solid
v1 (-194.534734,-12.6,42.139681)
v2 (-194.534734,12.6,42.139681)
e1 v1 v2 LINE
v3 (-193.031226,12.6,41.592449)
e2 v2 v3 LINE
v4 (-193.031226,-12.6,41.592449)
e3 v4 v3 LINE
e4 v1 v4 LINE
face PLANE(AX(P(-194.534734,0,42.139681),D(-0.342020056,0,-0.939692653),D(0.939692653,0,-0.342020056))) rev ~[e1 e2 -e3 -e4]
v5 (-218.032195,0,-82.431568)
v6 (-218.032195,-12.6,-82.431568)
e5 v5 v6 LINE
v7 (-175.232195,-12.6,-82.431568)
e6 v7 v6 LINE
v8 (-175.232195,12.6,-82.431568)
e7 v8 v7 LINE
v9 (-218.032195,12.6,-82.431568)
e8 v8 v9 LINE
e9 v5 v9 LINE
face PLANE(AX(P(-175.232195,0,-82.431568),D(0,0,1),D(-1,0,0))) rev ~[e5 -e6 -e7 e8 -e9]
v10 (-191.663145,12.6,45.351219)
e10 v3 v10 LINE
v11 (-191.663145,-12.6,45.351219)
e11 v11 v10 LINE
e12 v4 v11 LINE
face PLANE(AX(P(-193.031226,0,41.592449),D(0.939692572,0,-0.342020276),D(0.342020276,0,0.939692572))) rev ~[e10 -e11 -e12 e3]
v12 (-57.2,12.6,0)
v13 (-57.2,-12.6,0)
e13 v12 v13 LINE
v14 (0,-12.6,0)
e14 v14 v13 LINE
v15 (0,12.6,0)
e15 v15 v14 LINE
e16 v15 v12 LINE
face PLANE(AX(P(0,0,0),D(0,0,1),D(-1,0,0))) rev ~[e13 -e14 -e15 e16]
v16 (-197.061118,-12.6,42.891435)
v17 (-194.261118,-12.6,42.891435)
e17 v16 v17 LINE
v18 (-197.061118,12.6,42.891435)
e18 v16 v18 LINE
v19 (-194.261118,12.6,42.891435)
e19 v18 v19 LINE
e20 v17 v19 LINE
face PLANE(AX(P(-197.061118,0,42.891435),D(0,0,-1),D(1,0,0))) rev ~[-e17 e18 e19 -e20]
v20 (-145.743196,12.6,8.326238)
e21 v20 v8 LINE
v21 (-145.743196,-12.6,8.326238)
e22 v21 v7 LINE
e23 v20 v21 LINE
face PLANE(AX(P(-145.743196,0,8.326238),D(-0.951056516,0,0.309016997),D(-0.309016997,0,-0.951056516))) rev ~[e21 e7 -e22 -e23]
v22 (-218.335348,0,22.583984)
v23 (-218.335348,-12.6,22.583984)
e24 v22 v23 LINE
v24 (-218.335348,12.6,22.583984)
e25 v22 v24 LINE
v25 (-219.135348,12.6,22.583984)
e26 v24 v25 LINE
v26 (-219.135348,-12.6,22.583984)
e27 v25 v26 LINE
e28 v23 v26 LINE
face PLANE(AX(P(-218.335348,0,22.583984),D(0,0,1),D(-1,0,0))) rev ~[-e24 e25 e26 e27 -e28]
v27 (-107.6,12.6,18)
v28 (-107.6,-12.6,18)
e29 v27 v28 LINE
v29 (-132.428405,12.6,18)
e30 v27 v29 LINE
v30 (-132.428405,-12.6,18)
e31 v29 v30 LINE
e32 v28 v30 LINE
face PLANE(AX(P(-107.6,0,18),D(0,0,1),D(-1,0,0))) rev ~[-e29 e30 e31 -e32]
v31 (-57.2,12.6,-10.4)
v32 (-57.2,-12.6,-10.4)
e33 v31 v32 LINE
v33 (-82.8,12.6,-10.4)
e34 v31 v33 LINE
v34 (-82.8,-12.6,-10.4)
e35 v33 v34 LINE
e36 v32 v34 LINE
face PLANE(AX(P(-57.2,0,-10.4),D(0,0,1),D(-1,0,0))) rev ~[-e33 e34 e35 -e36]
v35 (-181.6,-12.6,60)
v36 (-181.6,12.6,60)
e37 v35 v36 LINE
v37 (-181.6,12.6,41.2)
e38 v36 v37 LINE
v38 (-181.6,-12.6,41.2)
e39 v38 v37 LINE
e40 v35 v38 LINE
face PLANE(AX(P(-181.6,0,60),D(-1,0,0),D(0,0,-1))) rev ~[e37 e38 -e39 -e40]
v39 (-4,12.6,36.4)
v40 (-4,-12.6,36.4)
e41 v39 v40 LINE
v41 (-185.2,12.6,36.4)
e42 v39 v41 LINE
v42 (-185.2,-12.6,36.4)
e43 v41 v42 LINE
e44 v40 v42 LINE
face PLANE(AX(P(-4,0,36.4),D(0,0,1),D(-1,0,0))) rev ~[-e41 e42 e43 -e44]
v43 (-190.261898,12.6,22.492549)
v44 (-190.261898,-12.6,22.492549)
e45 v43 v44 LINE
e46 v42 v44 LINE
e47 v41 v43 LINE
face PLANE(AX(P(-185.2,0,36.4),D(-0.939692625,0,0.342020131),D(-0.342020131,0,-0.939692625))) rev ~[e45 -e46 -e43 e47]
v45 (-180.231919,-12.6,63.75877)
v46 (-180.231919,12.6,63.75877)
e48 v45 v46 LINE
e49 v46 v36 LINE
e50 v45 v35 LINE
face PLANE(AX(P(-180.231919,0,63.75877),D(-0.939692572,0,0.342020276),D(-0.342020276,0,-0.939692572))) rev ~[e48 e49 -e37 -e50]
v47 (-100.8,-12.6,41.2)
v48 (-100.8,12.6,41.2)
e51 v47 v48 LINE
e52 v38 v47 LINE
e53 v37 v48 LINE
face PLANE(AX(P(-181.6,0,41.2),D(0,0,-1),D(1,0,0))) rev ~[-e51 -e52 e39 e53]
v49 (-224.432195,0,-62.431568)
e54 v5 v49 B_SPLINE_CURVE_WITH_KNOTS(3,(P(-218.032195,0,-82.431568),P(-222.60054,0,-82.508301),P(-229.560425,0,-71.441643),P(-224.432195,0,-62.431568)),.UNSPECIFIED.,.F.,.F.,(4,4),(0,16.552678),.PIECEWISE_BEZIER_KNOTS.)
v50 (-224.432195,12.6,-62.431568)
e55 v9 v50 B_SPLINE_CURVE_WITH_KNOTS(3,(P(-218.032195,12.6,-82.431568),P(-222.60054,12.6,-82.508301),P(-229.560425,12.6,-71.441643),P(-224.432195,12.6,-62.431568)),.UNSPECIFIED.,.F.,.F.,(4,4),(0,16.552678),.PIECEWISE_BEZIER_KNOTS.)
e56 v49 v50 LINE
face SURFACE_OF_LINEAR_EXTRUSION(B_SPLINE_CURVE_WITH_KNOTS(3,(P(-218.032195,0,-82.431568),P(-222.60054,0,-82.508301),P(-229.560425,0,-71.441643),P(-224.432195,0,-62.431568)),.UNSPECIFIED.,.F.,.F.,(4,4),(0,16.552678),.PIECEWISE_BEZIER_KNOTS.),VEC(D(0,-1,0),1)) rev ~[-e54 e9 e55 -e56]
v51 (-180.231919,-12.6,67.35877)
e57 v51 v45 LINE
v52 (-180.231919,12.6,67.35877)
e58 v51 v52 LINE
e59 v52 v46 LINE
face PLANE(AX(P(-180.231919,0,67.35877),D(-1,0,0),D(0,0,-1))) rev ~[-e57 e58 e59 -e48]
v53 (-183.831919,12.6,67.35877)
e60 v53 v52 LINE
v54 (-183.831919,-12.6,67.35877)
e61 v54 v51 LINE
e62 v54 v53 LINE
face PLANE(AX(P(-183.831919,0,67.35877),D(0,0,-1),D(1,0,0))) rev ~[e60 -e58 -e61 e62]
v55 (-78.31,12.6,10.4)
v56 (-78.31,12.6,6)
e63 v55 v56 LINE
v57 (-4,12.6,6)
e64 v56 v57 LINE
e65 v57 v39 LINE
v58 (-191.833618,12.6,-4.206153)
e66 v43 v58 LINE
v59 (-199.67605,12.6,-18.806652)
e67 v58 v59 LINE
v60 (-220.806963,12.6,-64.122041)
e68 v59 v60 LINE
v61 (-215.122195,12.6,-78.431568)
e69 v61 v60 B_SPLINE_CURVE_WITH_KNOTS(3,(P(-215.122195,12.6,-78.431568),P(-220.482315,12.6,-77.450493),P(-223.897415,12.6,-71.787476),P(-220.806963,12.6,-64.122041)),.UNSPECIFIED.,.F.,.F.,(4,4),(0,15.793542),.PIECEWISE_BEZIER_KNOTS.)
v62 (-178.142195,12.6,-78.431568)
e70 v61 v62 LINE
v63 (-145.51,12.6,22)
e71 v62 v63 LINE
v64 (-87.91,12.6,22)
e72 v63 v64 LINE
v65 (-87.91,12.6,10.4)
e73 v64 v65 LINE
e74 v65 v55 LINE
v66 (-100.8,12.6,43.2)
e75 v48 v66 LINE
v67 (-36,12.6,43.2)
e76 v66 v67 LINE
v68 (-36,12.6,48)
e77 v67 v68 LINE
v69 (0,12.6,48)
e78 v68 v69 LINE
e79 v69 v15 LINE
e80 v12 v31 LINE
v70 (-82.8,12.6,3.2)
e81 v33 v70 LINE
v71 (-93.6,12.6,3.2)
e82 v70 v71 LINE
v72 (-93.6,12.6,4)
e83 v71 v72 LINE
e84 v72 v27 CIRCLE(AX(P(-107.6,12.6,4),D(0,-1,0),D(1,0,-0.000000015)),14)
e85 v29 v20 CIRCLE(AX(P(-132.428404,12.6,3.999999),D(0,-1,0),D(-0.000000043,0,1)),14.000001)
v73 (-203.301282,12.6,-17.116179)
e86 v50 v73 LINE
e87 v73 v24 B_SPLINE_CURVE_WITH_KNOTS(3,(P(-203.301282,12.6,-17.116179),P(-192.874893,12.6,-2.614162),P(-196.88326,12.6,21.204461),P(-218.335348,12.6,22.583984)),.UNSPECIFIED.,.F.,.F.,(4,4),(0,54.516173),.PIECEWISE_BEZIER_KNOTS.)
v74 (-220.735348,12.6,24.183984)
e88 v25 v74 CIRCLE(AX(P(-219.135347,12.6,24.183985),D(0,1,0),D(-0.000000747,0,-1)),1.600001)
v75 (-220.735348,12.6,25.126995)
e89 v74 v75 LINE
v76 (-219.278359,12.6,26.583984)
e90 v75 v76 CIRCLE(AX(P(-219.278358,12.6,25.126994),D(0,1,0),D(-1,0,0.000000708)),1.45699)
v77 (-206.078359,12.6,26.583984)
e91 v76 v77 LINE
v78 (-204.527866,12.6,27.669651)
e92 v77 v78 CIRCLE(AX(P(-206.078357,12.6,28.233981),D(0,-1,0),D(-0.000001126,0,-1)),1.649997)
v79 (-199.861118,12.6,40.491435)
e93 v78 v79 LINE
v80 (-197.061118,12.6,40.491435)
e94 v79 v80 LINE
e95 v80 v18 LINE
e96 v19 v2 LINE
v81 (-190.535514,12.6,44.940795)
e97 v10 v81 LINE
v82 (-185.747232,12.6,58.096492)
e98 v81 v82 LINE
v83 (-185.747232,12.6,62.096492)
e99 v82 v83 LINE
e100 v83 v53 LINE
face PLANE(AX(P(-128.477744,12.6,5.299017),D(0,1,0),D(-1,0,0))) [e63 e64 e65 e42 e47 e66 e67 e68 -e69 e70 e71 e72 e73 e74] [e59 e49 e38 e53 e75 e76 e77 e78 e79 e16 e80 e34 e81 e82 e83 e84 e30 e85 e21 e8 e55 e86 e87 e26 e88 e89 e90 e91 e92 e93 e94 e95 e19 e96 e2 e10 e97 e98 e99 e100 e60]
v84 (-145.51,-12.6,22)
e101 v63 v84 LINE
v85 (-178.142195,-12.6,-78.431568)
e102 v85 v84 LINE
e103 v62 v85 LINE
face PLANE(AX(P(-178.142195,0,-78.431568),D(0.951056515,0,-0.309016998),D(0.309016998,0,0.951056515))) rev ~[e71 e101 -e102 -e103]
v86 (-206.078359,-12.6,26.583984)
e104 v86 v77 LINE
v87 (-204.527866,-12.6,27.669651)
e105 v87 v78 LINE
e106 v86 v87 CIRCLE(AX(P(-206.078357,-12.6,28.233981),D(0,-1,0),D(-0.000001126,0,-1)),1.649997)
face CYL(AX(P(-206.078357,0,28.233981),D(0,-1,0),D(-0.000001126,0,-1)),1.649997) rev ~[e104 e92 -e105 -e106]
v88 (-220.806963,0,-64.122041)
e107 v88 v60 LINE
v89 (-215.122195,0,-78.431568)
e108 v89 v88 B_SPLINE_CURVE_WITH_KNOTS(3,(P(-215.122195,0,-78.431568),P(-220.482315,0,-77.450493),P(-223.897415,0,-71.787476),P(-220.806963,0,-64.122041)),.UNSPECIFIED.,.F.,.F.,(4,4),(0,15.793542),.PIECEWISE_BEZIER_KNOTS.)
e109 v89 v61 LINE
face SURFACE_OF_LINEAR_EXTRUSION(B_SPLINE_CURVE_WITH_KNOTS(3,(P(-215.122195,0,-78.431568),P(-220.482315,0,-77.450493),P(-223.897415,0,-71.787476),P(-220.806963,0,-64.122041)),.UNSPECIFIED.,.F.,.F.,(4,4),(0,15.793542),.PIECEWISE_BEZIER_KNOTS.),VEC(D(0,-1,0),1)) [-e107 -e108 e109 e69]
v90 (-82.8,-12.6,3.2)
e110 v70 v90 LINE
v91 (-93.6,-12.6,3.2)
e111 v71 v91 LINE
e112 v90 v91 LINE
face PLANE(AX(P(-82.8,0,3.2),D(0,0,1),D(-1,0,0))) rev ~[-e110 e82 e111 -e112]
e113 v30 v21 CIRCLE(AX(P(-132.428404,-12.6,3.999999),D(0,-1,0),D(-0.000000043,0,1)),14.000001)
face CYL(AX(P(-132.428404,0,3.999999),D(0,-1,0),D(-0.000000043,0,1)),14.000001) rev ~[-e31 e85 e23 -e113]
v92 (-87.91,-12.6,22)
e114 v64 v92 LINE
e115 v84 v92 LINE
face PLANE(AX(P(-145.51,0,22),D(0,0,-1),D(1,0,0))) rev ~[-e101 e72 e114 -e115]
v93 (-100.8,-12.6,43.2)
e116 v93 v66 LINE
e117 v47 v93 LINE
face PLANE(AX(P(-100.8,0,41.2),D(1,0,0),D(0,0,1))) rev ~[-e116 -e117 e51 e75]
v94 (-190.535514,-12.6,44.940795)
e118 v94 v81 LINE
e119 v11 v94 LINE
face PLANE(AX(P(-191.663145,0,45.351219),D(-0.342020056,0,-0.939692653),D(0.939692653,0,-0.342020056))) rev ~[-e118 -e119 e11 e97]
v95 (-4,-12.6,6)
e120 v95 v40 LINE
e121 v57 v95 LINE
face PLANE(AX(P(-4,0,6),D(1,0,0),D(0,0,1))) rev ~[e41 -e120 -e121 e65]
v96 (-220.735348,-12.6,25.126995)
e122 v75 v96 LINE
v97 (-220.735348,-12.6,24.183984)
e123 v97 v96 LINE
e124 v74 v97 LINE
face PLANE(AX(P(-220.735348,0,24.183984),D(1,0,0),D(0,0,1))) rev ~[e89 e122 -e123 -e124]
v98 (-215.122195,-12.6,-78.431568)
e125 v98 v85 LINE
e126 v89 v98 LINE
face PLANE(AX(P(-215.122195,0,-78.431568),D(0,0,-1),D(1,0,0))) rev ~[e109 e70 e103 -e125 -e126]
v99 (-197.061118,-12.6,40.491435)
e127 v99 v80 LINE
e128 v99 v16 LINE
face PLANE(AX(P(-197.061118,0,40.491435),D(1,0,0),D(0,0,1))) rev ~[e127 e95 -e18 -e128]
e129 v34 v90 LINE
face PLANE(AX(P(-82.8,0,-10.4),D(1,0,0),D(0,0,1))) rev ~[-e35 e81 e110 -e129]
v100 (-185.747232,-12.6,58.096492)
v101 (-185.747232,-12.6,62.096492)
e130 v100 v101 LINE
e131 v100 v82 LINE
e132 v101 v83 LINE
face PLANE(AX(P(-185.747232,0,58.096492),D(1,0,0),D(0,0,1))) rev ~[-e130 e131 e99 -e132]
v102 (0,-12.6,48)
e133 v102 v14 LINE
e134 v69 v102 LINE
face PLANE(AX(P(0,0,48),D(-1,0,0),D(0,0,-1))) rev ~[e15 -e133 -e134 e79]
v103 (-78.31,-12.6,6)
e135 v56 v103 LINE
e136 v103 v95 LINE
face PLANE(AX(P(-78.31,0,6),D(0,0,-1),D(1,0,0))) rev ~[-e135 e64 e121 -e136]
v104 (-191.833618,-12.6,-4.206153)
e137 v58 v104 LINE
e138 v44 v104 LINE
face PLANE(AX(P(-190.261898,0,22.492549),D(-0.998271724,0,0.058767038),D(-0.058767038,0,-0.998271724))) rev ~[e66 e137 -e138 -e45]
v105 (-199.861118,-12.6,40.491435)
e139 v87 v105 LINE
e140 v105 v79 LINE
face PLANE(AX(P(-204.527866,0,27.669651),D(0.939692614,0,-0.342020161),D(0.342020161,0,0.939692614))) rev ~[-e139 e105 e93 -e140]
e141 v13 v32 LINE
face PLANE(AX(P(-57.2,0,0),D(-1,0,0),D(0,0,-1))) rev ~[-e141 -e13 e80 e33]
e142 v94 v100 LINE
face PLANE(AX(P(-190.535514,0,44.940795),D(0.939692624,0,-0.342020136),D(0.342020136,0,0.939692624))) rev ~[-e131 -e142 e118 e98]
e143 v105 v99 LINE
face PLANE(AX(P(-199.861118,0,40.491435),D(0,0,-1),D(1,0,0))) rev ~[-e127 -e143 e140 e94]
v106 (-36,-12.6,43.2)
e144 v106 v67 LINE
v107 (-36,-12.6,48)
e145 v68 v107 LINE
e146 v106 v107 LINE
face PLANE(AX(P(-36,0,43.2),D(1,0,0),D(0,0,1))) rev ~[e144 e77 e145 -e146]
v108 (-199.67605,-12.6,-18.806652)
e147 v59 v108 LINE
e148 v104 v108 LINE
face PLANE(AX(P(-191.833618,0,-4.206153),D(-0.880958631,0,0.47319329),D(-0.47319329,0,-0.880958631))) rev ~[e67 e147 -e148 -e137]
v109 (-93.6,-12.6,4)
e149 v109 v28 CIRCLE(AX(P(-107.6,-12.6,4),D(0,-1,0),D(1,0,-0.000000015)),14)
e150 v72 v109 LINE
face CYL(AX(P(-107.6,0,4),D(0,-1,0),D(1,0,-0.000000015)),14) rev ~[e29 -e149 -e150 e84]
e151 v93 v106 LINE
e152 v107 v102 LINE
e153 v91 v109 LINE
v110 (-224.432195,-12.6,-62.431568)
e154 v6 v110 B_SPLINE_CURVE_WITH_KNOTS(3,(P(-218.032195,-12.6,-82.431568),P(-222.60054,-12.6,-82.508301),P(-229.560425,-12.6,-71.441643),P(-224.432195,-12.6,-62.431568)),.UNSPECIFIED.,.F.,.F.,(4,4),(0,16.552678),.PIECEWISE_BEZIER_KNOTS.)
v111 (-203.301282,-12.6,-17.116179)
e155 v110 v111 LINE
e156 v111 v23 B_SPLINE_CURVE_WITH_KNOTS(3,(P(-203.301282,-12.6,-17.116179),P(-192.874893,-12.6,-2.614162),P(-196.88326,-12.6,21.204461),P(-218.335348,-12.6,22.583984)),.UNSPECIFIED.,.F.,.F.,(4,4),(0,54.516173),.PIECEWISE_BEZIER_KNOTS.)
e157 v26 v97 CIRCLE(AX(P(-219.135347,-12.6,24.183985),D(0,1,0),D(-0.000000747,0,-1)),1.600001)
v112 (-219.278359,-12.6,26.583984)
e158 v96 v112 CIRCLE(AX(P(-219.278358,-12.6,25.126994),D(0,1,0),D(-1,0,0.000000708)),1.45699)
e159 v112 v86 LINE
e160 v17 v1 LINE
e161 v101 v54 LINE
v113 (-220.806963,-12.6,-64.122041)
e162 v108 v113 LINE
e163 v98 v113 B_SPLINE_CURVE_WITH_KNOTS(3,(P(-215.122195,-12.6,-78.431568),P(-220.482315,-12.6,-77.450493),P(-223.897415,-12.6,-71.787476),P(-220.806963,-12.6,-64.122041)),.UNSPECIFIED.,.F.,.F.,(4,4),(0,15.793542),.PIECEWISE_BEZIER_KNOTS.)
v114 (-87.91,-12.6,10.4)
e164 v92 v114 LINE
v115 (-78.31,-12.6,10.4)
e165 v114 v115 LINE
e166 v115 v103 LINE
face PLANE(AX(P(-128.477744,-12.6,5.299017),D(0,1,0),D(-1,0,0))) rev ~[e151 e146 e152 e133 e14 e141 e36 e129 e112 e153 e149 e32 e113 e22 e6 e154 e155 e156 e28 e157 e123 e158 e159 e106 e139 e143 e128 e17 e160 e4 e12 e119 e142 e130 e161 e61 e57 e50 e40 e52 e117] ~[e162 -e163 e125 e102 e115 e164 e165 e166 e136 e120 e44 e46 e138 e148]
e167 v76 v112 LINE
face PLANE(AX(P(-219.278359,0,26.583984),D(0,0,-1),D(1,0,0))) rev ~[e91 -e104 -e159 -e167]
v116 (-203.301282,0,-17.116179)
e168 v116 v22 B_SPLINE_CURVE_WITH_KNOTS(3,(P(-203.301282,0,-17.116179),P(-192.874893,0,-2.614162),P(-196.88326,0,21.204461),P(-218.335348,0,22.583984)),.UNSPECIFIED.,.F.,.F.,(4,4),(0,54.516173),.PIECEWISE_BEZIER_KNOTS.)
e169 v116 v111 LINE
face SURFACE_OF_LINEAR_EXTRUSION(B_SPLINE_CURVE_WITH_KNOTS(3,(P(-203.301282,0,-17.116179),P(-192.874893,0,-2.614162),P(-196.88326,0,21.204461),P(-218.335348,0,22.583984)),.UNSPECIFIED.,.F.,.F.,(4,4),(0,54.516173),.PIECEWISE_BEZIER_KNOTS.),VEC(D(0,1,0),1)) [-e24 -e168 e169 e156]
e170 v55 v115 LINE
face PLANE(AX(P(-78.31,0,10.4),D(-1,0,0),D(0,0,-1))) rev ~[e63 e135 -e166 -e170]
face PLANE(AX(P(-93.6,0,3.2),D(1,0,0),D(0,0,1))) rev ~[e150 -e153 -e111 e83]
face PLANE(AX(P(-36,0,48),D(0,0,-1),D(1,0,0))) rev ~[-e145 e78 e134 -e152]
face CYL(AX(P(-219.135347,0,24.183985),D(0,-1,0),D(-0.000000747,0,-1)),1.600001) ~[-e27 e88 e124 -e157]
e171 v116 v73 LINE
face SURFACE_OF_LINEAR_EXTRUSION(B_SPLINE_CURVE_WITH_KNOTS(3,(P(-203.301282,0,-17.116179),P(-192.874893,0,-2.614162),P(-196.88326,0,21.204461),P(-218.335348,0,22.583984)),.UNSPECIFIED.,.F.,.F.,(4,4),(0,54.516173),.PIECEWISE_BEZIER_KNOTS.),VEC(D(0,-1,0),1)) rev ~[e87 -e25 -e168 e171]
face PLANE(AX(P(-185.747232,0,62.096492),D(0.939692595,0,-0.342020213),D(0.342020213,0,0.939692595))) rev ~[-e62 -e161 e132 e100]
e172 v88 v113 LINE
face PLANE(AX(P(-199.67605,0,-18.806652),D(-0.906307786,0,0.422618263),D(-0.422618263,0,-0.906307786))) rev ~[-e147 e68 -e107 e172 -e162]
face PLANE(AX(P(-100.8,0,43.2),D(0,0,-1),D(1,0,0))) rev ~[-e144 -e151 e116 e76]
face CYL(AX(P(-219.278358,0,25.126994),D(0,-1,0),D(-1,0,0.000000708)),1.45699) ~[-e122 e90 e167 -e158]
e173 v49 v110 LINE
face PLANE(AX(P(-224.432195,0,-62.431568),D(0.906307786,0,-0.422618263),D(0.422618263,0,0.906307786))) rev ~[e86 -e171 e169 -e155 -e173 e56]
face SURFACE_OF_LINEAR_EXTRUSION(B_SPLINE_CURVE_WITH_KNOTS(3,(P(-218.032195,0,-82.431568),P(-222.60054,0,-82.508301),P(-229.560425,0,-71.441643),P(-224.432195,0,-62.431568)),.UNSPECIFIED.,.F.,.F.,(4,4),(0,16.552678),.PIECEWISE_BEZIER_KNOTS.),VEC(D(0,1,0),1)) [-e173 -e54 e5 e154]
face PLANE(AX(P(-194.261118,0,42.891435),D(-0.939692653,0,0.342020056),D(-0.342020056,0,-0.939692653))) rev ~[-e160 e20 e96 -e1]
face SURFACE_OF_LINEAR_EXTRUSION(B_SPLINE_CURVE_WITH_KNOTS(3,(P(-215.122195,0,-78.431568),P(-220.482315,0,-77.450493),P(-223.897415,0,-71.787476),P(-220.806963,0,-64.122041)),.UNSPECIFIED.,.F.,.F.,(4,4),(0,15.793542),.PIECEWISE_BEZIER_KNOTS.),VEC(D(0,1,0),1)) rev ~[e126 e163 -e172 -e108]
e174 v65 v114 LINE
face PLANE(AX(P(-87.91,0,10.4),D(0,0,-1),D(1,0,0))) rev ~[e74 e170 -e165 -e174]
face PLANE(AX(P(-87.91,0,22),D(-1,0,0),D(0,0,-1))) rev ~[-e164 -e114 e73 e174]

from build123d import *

# Parameters (mm, degrees)
EXTRUDE_DEPTH = 12.6


with BuildPart() as part:
    # Sketch → Extrude (new body, symmetric)
    with BuildSketch(Plane.XZ):
        with BuildLine():
            Line((-219.278359, 26.583984), (-206.078359, 26.583984))
            ThreePointArc((-206.078359, 26.583984), (-205.131957, 26.882383), (-204.527866, 27.669651))
            Line((-204.527866, 27.669651), (-199.861118, 40.491435))
            Line((-199.861118, 40.491435), (-197.061118, 40.491435))
            Line((-197.061118, 40.491435), (-197.061118, 42.891435))
            Line((-197.061118, 42.891435), (-194.261118, 42.891435))
            Line((-194.261118, 42.891435), (-194.534734, 42.139681))
            Line((-194.534734, 42.139681), (-193.031226, 41.592449))
            Line((-193.031226, 41.592449), (-191.663145, 45.351219))
            Line((-191.663145, 45.351219), (-190.535514, 44.940795))
            Line((-190.535514, 44.940795), (-185.747232, 58.096492))
            Line((-185.747232, 58.096492), (-185.747232, 62.096492))
            Line((-185.747232, 62.096492), (-183.831919, 67.35877))
            Line((-183.831919, 67.35877), (-180.231919, 67.35877))
            Line((-180.231919, 67.35877), (-180.231919, 63.75877))
            Line((-180.231919, 63.75877), (-181.6, 60))
            Line((-181.6, 60), (-181.6, 41.2))
            Line((-181.6, 41.2), (-100.8, 41.2))
            Line((-100.8, 41.2), (-100.8, 43.2))
            Line((-100.8, 43.2), (-36, 43.2))
            Line((-36, 43.2), (-36, 48))
            Line((-36, 48), (0, 48))
            Line((0, 48), (0, 0))
            Line((0, 0), (-57.2, 0))
            Line((-57.2, 0), (-57.2, -10.4))
            Line((-57.2, -10.4), (-82.8, -10.4))
            Line((-82.8, -10.4), (-82.8, 3.2))
            Line((-82.8, 3.2), (-93.6, 3.2))
            Line((-93.6, 3.2), (-93.6, 4))
            ThreePointArc((-93.6, 4), (-97.700505, 13.899495), (-107.6, 18))
            Line((-107.6, 18), (-132.428405, 18))
            ThreePointArc((-132.428405, 18), (-140.657398, 15.326238), (-145.743196, 8.326238))
            Line((-145.743196, 8.326238), (-175.232195, -82.431568))
            Line((-175.232195, -82.431568), (-218.032195, -82.431568))
            add(Edge.make_bspline(
                [(-218.032195, -82.431568), (-222.60054, -82.508301), (-229.560425, -71.441643), (-224.432195, -62.431568)],
                knots=[0, 0, 0, 0, 16.552678, 16.552678, 16.552678, 16.552678], degree=3))
            Line((-224.432195, -62.431568), (-203.301282, -17.116179))
            add(Edge.make_bspline(
                [(-203.301282, -17.116179), (-192.874893, -2.614162), (-196.88326, 21.204461), (-218.335348, 22.583984)],
                knots=[0, 0, 0, 0, 54.516173, 54.516173, 54.516173, 54.516173], degree=3))
            Line((-218.335348, 22.583984), (-219.135348, 22.583984))
            ThreePointArc((-219.135348, 22.583984), (-220.266718, 23.052613), (-220.735348, 24.183984))
            Line((-220.735348, 24.183984), (-220.735348, 25.126995))
            ThreePointArc((-220.735348, 25.126995), (-220.308605, 26.157242), (-219.278359, 26.583984))
        make_face()
        with BuildLine():
            Line((-215.122195, -78.431568), (-178.142195, -78.431568))
            Line((-178.142195, -78.431568), (-145.51, 22))
            Line((-145.51, 22), (-87.91, 22))
            Line((-87.91, 22), (-87.91, 10.4))
            Line((-87.91, 10.4), (-78.31, 10.4))
            Line((-78.31, 10.4), (-78.31, 6))
            Line((-78.31, 6), (-4, 6))
            Line((-4, 6), (-4, 36.4))
            Line((-4, 36.4), (-185.2, 36.4))
            Line((-185.2, 36.4), (-190.261898, 22.492549))
            Line((-190.261898, 22.492549), (-191.833618, -4.206153))
            Line((-191.833618, -4.206153), (-199.67605, -18.806652))
            Line((-199.67605, -18.806652), (-220.806963, -64.122041))
            add(Edge.make_bspline(
                [(-215.122195, -78.431568), (-220.482315, -77.450493), (-223.897415, -71.787476), (-220.806963, -64.122041)],
                knots=[0, 0, 0, 0, 15.793542, 15.793542, 15.793542, 15.793542], degree=3))
        make_face(mode=Mode.SUBTRACT)
    extrude(amount=EXTRUDE_DEPTH, both=True)


solid = part.part
